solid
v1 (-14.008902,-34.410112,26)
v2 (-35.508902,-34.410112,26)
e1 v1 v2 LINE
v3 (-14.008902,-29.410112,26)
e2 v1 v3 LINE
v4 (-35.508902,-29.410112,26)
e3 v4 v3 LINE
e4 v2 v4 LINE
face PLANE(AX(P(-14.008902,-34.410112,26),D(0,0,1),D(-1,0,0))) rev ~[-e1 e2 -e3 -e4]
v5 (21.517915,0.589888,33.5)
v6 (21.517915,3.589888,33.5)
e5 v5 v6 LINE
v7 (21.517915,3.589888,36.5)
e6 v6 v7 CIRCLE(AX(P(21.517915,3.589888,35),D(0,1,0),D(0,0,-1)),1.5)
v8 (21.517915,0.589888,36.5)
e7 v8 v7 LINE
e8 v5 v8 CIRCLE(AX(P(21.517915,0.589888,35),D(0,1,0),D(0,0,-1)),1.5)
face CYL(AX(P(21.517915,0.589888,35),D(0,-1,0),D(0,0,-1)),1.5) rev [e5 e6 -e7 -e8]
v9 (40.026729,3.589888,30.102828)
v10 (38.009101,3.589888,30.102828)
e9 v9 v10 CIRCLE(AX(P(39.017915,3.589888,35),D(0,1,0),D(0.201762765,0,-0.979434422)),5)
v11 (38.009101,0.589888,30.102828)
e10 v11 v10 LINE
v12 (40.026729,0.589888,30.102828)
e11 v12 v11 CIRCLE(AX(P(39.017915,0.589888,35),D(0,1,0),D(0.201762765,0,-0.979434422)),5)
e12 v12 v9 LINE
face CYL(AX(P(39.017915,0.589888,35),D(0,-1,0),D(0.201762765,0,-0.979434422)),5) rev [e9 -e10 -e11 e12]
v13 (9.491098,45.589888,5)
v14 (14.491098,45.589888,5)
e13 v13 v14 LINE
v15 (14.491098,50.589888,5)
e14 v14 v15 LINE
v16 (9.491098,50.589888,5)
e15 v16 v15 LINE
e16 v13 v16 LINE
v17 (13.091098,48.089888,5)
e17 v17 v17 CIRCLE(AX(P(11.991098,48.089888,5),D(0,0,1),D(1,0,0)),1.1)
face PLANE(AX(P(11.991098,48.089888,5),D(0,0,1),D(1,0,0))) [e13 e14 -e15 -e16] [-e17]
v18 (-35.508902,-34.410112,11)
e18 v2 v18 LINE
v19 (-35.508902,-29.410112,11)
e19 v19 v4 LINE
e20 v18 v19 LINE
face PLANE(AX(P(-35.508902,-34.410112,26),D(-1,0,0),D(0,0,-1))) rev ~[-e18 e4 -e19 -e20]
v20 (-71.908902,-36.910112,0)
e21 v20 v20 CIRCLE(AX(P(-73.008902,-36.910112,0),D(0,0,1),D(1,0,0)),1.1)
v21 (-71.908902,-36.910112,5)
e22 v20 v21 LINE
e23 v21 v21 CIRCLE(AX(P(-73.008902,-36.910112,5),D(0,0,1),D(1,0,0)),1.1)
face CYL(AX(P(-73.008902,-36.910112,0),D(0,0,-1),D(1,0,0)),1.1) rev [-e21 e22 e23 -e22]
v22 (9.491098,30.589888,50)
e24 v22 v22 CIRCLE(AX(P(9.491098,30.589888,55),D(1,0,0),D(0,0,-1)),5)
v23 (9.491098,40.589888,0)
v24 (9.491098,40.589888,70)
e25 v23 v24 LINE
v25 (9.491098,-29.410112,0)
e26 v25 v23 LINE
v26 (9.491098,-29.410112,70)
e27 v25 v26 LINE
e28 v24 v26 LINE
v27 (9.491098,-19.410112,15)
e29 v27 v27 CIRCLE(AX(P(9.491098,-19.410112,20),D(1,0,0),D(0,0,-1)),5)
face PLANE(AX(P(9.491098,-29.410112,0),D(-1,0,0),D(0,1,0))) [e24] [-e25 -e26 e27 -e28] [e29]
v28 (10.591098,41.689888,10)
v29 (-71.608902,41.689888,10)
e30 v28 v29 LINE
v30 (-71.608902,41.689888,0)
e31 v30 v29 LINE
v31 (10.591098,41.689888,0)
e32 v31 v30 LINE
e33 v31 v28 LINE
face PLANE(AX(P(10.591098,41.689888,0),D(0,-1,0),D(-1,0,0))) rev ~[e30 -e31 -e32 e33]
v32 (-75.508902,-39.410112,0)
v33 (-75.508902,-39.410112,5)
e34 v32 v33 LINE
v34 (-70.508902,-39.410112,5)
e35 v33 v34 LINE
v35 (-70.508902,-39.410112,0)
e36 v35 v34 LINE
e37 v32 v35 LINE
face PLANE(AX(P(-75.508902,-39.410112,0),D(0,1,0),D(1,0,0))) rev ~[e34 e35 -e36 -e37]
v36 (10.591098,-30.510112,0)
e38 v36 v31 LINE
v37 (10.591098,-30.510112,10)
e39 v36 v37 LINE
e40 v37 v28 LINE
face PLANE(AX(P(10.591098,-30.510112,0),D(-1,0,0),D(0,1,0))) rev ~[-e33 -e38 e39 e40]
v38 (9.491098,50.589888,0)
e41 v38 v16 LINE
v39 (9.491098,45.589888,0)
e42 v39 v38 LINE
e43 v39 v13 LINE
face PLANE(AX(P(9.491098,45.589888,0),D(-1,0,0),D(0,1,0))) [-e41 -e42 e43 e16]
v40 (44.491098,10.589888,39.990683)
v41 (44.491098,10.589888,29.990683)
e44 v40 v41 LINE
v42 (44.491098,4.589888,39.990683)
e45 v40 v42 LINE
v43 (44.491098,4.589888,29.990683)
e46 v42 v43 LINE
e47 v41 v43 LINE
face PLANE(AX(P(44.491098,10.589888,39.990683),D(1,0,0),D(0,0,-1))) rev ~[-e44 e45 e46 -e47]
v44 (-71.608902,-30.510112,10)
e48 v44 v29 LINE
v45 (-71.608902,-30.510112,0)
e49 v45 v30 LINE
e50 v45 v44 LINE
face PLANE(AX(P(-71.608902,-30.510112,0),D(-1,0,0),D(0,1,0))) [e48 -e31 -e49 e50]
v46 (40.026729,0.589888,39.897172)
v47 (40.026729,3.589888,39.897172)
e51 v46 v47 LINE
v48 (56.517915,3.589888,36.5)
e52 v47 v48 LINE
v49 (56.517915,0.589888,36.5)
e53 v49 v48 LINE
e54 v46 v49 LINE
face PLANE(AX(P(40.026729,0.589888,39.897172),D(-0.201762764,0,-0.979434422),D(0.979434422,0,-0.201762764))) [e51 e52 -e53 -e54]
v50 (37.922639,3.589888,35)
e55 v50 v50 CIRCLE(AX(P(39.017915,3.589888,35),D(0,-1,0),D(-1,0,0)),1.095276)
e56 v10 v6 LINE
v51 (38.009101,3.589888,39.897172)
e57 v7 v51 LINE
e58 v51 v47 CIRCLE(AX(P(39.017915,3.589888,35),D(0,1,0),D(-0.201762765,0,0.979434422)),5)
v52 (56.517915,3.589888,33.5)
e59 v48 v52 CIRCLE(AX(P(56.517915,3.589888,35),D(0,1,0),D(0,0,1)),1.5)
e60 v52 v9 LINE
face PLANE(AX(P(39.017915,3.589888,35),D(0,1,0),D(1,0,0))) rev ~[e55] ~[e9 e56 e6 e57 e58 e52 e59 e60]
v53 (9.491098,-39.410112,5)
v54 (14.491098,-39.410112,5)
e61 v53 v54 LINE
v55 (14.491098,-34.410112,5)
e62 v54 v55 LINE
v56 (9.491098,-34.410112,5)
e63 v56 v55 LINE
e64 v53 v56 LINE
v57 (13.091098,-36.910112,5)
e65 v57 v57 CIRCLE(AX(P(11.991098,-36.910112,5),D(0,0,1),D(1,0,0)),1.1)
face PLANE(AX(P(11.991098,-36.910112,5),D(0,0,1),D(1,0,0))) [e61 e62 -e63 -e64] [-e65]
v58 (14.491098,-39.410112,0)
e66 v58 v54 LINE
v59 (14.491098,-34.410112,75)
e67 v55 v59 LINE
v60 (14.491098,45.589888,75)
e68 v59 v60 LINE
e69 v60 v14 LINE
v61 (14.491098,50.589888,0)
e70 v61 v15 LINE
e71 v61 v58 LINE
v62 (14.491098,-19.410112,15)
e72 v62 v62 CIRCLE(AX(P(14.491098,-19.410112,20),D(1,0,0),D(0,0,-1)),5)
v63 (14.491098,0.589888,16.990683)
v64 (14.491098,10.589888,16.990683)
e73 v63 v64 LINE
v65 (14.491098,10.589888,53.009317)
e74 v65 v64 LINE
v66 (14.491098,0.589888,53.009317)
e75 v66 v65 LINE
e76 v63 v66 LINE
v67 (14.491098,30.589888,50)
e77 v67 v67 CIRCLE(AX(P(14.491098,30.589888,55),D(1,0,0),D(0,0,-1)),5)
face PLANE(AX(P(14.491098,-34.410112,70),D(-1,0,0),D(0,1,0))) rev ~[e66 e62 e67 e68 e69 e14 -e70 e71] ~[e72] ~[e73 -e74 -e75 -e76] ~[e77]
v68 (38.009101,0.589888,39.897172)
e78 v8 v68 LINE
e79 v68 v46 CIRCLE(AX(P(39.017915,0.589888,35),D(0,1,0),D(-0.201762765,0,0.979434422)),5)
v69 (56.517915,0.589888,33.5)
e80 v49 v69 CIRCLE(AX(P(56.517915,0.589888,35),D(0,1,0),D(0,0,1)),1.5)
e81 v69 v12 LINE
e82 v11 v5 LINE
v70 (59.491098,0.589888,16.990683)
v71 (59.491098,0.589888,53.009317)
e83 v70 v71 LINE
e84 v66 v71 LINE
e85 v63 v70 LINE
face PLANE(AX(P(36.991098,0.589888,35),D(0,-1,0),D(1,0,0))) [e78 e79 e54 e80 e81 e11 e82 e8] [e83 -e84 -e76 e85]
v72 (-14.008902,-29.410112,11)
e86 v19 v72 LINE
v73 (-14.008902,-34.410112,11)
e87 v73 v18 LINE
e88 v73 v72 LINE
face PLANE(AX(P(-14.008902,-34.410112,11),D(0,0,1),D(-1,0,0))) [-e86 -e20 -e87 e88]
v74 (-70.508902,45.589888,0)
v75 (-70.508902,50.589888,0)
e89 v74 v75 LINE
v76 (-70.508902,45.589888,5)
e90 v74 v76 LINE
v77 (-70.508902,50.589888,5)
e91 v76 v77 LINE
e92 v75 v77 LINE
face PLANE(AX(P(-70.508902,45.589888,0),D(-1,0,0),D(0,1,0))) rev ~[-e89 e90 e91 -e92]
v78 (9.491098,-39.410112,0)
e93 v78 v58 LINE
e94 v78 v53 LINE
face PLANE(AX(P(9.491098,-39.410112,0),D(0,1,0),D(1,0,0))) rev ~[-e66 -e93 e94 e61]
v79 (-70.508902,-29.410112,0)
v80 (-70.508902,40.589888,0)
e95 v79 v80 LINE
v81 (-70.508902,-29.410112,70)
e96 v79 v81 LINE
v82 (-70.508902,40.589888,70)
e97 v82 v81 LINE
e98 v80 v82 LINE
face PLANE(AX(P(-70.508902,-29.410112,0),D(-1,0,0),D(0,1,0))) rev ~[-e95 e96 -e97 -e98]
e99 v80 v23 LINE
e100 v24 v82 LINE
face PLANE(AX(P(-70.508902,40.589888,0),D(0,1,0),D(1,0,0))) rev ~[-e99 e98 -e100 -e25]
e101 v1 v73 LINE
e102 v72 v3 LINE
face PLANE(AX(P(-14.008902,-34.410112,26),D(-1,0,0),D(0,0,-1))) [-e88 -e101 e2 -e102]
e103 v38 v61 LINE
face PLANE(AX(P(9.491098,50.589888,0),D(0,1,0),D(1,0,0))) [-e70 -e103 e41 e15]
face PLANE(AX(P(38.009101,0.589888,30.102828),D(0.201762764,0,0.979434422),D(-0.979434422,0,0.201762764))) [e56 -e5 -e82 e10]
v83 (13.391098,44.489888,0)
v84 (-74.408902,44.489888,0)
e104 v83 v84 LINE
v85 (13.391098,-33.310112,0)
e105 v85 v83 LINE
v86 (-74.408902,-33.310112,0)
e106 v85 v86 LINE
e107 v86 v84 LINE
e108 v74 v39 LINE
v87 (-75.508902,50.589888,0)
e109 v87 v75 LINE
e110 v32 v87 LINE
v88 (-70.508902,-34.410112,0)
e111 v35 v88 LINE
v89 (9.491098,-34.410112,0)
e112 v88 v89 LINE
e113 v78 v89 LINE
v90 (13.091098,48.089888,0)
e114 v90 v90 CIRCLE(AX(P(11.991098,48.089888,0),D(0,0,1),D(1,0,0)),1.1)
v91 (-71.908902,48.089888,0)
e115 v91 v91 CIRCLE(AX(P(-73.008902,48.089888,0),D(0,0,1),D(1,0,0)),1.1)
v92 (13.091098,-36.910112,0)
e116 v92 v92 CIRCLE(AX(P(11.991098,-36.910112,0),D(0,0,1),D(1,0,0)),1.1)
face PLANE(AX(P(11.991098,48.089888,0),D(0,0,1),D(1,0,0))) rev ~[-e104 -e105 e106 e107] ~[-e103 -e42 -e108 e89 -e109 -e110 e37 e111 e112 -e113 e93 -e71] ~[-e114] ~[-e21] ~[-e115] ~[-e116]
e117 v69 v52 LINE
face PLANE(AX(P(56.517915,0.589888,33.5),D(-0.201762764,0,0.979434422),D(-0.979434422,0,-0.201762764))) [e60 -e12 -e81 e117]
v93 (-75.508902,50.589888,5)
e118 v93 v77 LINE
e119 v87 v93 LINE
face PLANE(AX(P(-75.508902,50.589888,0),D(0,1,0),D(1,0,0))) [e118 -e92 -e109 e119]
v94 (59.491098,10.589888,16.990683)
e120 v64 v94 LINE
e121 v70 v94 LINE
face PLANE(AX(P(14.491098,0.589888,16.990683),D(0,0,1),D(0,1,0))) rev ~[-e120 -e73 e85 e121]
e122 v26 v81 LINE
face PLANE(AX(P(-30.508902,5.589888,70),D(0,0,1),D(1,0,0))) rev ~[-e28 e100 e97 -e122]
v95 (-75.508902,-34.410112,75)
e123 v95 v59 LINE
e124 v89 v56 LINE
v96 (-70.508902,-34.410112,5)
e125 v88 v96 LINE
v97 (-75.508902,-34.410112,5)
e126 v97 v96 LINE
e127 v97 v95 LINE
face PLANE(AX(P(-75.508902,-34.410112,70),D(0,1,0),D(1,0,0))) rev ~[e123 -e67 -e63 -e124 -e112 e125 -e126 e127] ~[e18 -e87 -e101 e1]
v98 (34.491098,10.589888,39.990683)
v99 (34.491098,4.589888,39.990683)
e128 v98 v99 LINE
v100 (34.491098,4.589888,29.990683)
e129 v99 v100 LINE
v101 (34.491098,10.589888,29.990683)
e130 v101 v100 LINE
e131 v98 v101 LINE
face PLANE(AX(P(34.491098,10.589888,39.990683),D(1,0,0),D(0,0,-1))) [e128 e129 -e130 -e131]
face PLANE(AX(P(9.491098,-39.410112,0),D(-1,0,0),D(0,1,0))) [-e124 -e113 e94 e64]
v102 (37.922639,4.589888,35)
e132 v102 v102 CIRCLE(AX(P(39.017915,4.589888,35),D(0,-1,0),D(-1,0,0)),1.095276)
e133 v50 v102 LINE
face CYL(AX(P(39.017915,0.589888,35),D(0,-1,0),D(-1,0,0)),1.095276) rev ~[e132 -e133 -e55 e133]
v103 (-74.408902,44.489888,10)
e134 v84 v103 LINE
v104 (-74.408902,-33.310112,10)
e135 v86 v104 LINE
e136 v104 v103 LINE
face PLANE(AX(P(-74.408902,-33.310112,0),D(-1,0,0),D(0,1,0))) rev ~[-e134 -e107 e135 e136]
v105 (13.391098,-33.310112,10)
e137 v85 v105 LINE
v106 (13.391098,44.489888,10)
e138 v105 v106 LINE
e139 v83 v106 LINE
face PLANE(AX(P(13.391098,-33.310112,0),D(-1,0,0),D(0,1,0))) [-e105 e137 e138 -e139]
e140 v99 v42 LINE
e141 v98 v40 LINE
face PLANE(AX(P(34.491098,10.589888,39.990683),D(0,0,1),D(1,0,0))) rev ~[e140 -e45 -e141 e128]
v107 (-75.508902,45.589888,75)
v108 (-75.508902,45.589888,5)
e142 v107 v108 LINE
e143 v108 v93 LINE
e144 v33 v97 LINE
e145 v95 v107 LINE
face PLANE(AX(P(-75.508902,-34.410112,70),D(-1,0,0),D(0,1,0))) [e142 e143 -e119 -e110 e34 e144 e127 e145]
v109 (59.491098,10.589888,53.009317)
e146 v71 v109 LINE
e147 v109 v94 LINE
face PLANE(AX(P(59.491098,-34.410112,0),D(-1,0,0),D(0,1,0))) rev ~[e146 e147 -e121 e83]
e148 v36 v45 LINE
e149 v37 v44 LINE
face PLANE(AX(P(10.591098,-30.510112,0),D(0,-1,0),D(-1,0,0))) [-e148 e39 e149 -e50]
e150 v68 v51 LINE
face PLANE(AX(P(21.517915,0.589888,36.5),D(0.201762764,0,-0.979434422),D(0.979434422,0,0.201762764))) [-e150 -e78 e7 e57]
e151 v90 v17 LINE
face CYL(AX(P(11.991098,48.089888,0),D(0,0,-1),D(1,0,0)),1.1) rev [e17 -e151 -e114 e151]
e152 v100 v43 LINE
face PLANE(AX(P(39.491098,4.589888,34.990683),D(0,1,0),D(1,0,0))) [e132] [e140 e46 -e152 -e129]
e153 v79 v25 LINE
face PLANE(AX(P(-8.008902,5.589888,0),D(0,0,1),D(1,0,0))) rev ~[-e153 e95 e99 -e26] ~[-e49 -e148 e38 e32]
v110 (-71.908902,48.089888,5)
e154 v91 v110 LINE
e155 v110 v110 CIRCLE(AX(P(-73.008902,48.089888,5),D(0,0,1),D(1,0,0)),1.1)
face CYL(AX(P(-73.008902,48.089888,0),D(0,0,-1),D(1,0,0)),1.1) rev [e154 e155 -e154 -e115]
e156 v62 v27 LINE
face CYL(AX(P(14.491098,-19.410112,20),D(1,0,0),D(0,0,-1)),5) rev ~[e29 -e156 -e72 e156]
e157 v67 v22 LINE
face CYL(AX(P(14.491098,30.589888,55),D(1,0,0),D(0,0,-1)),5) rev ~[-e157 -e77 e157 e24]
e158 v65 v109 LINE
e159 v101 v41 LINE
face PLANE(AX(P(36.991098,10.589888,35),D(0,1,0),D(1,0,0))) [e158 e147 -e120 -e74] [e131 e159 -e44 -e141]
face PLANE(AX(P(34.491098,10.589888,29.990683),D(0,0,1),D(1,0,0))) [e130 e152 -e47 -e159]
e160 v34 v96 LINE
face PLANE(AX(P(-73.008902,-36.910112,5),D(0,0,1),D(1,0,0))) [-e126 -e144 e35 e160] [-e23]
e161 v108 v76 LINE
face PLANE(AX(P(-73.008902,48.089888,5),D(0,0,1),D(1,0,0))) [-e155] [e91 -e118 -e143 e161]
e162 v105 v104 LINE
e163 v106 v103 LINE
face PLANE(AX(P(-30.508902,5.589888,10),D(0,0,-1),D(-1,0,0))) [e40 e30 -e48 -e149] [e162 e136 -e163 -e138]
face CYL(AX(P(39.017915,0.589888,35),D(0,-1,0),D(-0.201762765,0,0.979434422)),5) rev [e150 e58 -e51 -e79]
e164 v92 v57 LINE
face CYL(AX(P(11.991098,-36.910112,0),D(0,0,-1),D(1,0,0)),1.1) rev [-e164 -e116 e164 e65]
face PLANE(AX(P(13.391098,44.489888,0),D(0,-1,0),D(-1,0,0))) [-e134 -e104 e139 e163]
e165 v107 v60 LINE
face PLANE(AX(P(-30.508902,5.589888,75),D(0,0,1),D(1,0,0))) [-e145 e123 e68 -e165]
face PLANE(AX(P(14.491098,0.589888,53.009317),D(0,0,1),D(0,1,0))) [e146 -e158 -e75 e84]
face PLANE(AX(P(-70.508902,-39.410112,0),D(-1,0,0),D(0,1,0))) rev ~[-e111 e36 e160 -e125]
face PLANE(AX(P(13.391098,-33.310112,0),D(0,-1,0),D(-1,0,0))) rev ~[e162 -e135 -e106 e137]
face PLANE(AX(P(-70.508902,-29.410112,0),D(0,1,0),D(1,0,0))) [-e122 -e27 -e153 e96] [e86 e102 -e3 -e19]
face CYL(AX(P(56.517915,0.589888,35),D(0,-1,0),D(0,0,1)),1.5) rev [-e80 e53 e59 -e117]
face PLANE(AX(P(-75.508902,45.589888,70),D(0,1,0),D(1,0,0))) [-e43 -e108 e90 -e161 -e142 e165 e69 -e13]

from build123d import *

# Parameters (mm, degrees)
SKETCH_1_W           = 135
SKETCH_1_H           = 80
EXTRUDE_1_DEPTH      = 70
SKETCH_6_W           = 45
SKETCH_6_H           = 70
CUT_EXTRUDE_1_DEPTH  = 35
SKETCH_5_W           = 45
SKETCH_5_H           = 70
CUT_EXTRUDE_2_DEPTH  = 35
SKETCH_7_W           = 80
SKETCH_7_H           = 70
CUT_EXTRUDE_3_DEPTH  = 75
SKETCH_8_W           = 87.8
SKETCH_8_H           = 77.8
SKETCH_8_W_2         = 82.2
SKETCH_8_H_2         = 72.2
CUT_EXTRUDE_4_DEPTH  = 10
SKETCH_9_R           = 5
CUT_EXTRUDE_5_DEPTH  = 32.4
SKETCH_10_W          = 21.5
SKETCH_10_H          = 15
CUT_EXTRUDE_6_DEPTH  = 10
SKETCH_12_W          = 16.99068276
SKETCH_12_H          = 10
CUT_EXTRUDE_7_DEPTH  = 45
CUT_EXTRUDE_8_DEPTH  = 3
SKETCH_15_W          = 10
SKETCH_15_H          = 10
CUT_EXTRUDE_9_DEPTH  = 6
SKETCH_17_R          = 1.095275866
CUT_EXTRUDE_11_DEPTH = 7
SKETCH_18_W          = 5
SKETCH_18_H          = 5
SKETCH_18_R          = 1.1
EXTRUDE_2_DEPTH      = 5
SKETCH_19_W          = 90
SKETCH_19_H          = 80
EXTRUDE_3_DEPTH      = 5


with BuildPart() as part:
    # 草圖1 → 填料-伸長1 (new body)
    with BuildSketch(Plane.XY):
        with Locations((-8.008902174, 5.58988764)):
            Rectangle(SKETCH_1_W, SKETCH_1_H)
    extrude(amount=EXTRUDE_1_DEPTH)

    # 草圖6 → 除料-伸長1 (cut)
    with BuildSketch(Plane(origin=(0, 45.58988764, 0), x_dir=(1, 0, 0), z_dir=(0, 1, 0))):
        with Locations((36.991097826, -35)):
            Rectangle(SKETCH_6_W, SKETCH_6_H)
    extrude(amount=-CUT_EXTRUDE_1_DEPTH, mode=Mode.SUBTRACT)

    # 草圖5 → 除料-伸長2 (cut)
    with BuildSketch(Plane.XZ.offset(34.41011236)):
        with Locations((36.991097826, 35)):
            Rectangle(SKETCH_5_W, SKETCH_5_H)
    extrude(amount=-CUT_EXTRUDE_2_DEPTH, mode=Mode.SUBTRACT)

    # 草圖7 → 除料-伸長3 (cut)
    with BuildSketch(Plane.XY):
        with Locations((-30.508902174, 5.58988764)):
            Rectangle(SKETCH_7_W, SKETCH_7_H)
    extrude(amount=CUT_EXTRUDE_3_DEPTH, mode=Mode.SUBTRACT)

    # 草圖8 → 除料-伸長4 (cut)
    with BuildSketch(Plane(origin=(0, 0, 0), x_dir=(-1, 0, 0), z_dir=(0, 0, -1))):
        with Locations((30.508902174, 5.58988764)):
            Rectangle(SKETCH_8_W, SKETCH_8_H)
        with Locations((30.508902174, 5.58988764)):
            Rectangle(SKETCH_8_W_2, SKETCH_8_H_2, mode=Mode.SUBTRACT)
    extrude(amount=-CUT_EXTRUDE_4_DEPTH, mode=Mode.SUBTRACT)

    # 草圖9 → 除料-伸長5 (cut)
    with BuildSketch(Plane(origin=(14.491097826, 0, 0), x_dir=(0, 0, -1), z_dir=(1, 0, 0))):
        with Locations((-55, 30.58988764)):
            Circle(SKETCH_9_R)
        with Locations((-20, -19.41011236)):
            Circle(SKETCH_9_R)
    extrude(amount=-CUT_EXTRUDE_5_DEPTH, mode=Mode.SUBTRACT)

    # 草圖10 → 除料-伸長6 (cut)
    with BuildSketch(Plane(origin=(0, -34.41011236, 0), x_dir=(-1, 0, 0), z_dir=(0, -1, 0))):
        with Locations((24.758902174, -18.5)):
            Rectangle(SKETCH_10_W, SKETCH_10_H)
    extrude(amount=-CUT_EXTRUDE_6_DEPTH, mode=Mode.SUBTRACT)

    # 草圖12 → 除料-伸長7 (cut)
    with BuildSketch(Plane(origin=(14.491097826, 0, 0), x_dir=(0, 0, -1), z_dir=(1, 0, 0))):
        with Locations((-61.50465862, 5.58988764)):
            Rectangle(SKETCH_12_W, SKETCH_12_H)
        with Locations((-8.49534138, 5.58988764)):
            Rectangle(SKETCH_12_W, SKETCH_12_H)
    extrude(amount=CUT_EXTRUDE_7_DEPTH, mode=Mode.SUBTRACT)

    # 草圖14 → 除料-伸長8 (cut)
    with BuildSketch(Plane(origin=(0, 0.58988764, 0), x_dir=(-1, 0, 0), z_dir=(0, -1, 0))):
        with BuildLine():
            Line((-38.009101008, -30.10282789), (-21.517914827, -33.5))
            ThreePointArc((-21.517914827, -33.5), (-20.017914827, -35), (-21.517914827, -36.5))
            Line((-21.517914827, -36.5), (-38.009101008, -39.89717211))
            ThreePointArc((-38.009101008, -39.89717211), (-39.017914827, -40), (-40.026728646, -39.89717211))
            Line((-40.026728646, -39.89717211), (-56.517914827, -36.5))
            ThreePointArc((-56.517914827, -36.5), (-58.017914827, -35), (-56.517914827, -33.5))
            Line((-56.517914827, -33.5), (-40.026728646, -30.10282789))
            ThreePointArc((-40.026728646, -30.10282789), (-39.017914827, -30), (-38.009101008, -30.10282789))
        make_face()
    extrude(amount=-CUT_EXTRUDE_8_DEPTH, mode=Mode.SUBTRACT)

    # 草圖15 → 除料-伸長9 (cut)
    with BuildSketch(Plane(origin=(0, 10.58988764, 0), x_dir=(1, 0, 0), z_dir=(0, 1, 0))):
        with Locations((39.491097826, -34.99068276)):
            Rectangle(SKETCH_15_W, SKETCH_15_H)
    extrude(amount=-CUT_EXTRUDE_9_DEPTH, mode=Mode.SUBTRACT)

    # 草圖17 → 除料-伸長11 (cut)
    with BuildSketch(Plane(origin=(0, 0.58988764, 0), x_dir=(-1, 0, 0), z_dir=(0, -1, 0))):
        with Locations((-39.017914827, -35)):
            Circle(SKETCH_17_R)
    extrude(amount=-CUT_EXTRUDE_11_DEPTH, mode=Mode.SUBTRACT)

    # 草圖18 → 填料-伸長2 (add)
    with BuildSketch(Plane.XY):
        with Locations((11.991097826, 48.08988764)):
            Rectangle(SKETCH_18_W, SKETCH_18_H)
        with Locations((11.991097826, 48.08988764)):
            Circle(SKETCH_18_R, mode=Mode.SUBTRACT)
        with Locations((-73.008902174, 48.08988764)):
            Rectangle(SKETCH_18_W, SKETCH_18_H)
        with Locations((-73.008902174, 48.08988764)):
            Circle(SKETCH_18_R, mode=Mode.SUBTRACT)
        with Locations((-73.008902174, -36.91011236)):
            Rectangle(SKETCH_18_W, SKETCH_18_H)
        with Locations((-73.008902174, -36.91011236)):
            Circle(SKETCH_18_R, mode=Mode.SUBTRACT)
        with Locations((11.991097826, -36.91011236)):
            Rectangle(SKETCH_18_W, SKETCH_18_H)
        with Locations((11.991097826, -36.91011236)):
            Circle(SKETCH_18_R, mode=Mode.SUBTRACT)
    extrude(amount=EXTRUDE_2_DEPTH)

    # 草圖19 → 填料-伸長3 (add)
    with BuildSketch(Plane.XY.offset(70)):
        with Locations((-30.508902174, 5.58988764)):
            Rectangle(SKETCH_19_W, SKETCH_19_H)
    extrude(amount=EXTRUDE_3_DEPTH)


solid = part.part
